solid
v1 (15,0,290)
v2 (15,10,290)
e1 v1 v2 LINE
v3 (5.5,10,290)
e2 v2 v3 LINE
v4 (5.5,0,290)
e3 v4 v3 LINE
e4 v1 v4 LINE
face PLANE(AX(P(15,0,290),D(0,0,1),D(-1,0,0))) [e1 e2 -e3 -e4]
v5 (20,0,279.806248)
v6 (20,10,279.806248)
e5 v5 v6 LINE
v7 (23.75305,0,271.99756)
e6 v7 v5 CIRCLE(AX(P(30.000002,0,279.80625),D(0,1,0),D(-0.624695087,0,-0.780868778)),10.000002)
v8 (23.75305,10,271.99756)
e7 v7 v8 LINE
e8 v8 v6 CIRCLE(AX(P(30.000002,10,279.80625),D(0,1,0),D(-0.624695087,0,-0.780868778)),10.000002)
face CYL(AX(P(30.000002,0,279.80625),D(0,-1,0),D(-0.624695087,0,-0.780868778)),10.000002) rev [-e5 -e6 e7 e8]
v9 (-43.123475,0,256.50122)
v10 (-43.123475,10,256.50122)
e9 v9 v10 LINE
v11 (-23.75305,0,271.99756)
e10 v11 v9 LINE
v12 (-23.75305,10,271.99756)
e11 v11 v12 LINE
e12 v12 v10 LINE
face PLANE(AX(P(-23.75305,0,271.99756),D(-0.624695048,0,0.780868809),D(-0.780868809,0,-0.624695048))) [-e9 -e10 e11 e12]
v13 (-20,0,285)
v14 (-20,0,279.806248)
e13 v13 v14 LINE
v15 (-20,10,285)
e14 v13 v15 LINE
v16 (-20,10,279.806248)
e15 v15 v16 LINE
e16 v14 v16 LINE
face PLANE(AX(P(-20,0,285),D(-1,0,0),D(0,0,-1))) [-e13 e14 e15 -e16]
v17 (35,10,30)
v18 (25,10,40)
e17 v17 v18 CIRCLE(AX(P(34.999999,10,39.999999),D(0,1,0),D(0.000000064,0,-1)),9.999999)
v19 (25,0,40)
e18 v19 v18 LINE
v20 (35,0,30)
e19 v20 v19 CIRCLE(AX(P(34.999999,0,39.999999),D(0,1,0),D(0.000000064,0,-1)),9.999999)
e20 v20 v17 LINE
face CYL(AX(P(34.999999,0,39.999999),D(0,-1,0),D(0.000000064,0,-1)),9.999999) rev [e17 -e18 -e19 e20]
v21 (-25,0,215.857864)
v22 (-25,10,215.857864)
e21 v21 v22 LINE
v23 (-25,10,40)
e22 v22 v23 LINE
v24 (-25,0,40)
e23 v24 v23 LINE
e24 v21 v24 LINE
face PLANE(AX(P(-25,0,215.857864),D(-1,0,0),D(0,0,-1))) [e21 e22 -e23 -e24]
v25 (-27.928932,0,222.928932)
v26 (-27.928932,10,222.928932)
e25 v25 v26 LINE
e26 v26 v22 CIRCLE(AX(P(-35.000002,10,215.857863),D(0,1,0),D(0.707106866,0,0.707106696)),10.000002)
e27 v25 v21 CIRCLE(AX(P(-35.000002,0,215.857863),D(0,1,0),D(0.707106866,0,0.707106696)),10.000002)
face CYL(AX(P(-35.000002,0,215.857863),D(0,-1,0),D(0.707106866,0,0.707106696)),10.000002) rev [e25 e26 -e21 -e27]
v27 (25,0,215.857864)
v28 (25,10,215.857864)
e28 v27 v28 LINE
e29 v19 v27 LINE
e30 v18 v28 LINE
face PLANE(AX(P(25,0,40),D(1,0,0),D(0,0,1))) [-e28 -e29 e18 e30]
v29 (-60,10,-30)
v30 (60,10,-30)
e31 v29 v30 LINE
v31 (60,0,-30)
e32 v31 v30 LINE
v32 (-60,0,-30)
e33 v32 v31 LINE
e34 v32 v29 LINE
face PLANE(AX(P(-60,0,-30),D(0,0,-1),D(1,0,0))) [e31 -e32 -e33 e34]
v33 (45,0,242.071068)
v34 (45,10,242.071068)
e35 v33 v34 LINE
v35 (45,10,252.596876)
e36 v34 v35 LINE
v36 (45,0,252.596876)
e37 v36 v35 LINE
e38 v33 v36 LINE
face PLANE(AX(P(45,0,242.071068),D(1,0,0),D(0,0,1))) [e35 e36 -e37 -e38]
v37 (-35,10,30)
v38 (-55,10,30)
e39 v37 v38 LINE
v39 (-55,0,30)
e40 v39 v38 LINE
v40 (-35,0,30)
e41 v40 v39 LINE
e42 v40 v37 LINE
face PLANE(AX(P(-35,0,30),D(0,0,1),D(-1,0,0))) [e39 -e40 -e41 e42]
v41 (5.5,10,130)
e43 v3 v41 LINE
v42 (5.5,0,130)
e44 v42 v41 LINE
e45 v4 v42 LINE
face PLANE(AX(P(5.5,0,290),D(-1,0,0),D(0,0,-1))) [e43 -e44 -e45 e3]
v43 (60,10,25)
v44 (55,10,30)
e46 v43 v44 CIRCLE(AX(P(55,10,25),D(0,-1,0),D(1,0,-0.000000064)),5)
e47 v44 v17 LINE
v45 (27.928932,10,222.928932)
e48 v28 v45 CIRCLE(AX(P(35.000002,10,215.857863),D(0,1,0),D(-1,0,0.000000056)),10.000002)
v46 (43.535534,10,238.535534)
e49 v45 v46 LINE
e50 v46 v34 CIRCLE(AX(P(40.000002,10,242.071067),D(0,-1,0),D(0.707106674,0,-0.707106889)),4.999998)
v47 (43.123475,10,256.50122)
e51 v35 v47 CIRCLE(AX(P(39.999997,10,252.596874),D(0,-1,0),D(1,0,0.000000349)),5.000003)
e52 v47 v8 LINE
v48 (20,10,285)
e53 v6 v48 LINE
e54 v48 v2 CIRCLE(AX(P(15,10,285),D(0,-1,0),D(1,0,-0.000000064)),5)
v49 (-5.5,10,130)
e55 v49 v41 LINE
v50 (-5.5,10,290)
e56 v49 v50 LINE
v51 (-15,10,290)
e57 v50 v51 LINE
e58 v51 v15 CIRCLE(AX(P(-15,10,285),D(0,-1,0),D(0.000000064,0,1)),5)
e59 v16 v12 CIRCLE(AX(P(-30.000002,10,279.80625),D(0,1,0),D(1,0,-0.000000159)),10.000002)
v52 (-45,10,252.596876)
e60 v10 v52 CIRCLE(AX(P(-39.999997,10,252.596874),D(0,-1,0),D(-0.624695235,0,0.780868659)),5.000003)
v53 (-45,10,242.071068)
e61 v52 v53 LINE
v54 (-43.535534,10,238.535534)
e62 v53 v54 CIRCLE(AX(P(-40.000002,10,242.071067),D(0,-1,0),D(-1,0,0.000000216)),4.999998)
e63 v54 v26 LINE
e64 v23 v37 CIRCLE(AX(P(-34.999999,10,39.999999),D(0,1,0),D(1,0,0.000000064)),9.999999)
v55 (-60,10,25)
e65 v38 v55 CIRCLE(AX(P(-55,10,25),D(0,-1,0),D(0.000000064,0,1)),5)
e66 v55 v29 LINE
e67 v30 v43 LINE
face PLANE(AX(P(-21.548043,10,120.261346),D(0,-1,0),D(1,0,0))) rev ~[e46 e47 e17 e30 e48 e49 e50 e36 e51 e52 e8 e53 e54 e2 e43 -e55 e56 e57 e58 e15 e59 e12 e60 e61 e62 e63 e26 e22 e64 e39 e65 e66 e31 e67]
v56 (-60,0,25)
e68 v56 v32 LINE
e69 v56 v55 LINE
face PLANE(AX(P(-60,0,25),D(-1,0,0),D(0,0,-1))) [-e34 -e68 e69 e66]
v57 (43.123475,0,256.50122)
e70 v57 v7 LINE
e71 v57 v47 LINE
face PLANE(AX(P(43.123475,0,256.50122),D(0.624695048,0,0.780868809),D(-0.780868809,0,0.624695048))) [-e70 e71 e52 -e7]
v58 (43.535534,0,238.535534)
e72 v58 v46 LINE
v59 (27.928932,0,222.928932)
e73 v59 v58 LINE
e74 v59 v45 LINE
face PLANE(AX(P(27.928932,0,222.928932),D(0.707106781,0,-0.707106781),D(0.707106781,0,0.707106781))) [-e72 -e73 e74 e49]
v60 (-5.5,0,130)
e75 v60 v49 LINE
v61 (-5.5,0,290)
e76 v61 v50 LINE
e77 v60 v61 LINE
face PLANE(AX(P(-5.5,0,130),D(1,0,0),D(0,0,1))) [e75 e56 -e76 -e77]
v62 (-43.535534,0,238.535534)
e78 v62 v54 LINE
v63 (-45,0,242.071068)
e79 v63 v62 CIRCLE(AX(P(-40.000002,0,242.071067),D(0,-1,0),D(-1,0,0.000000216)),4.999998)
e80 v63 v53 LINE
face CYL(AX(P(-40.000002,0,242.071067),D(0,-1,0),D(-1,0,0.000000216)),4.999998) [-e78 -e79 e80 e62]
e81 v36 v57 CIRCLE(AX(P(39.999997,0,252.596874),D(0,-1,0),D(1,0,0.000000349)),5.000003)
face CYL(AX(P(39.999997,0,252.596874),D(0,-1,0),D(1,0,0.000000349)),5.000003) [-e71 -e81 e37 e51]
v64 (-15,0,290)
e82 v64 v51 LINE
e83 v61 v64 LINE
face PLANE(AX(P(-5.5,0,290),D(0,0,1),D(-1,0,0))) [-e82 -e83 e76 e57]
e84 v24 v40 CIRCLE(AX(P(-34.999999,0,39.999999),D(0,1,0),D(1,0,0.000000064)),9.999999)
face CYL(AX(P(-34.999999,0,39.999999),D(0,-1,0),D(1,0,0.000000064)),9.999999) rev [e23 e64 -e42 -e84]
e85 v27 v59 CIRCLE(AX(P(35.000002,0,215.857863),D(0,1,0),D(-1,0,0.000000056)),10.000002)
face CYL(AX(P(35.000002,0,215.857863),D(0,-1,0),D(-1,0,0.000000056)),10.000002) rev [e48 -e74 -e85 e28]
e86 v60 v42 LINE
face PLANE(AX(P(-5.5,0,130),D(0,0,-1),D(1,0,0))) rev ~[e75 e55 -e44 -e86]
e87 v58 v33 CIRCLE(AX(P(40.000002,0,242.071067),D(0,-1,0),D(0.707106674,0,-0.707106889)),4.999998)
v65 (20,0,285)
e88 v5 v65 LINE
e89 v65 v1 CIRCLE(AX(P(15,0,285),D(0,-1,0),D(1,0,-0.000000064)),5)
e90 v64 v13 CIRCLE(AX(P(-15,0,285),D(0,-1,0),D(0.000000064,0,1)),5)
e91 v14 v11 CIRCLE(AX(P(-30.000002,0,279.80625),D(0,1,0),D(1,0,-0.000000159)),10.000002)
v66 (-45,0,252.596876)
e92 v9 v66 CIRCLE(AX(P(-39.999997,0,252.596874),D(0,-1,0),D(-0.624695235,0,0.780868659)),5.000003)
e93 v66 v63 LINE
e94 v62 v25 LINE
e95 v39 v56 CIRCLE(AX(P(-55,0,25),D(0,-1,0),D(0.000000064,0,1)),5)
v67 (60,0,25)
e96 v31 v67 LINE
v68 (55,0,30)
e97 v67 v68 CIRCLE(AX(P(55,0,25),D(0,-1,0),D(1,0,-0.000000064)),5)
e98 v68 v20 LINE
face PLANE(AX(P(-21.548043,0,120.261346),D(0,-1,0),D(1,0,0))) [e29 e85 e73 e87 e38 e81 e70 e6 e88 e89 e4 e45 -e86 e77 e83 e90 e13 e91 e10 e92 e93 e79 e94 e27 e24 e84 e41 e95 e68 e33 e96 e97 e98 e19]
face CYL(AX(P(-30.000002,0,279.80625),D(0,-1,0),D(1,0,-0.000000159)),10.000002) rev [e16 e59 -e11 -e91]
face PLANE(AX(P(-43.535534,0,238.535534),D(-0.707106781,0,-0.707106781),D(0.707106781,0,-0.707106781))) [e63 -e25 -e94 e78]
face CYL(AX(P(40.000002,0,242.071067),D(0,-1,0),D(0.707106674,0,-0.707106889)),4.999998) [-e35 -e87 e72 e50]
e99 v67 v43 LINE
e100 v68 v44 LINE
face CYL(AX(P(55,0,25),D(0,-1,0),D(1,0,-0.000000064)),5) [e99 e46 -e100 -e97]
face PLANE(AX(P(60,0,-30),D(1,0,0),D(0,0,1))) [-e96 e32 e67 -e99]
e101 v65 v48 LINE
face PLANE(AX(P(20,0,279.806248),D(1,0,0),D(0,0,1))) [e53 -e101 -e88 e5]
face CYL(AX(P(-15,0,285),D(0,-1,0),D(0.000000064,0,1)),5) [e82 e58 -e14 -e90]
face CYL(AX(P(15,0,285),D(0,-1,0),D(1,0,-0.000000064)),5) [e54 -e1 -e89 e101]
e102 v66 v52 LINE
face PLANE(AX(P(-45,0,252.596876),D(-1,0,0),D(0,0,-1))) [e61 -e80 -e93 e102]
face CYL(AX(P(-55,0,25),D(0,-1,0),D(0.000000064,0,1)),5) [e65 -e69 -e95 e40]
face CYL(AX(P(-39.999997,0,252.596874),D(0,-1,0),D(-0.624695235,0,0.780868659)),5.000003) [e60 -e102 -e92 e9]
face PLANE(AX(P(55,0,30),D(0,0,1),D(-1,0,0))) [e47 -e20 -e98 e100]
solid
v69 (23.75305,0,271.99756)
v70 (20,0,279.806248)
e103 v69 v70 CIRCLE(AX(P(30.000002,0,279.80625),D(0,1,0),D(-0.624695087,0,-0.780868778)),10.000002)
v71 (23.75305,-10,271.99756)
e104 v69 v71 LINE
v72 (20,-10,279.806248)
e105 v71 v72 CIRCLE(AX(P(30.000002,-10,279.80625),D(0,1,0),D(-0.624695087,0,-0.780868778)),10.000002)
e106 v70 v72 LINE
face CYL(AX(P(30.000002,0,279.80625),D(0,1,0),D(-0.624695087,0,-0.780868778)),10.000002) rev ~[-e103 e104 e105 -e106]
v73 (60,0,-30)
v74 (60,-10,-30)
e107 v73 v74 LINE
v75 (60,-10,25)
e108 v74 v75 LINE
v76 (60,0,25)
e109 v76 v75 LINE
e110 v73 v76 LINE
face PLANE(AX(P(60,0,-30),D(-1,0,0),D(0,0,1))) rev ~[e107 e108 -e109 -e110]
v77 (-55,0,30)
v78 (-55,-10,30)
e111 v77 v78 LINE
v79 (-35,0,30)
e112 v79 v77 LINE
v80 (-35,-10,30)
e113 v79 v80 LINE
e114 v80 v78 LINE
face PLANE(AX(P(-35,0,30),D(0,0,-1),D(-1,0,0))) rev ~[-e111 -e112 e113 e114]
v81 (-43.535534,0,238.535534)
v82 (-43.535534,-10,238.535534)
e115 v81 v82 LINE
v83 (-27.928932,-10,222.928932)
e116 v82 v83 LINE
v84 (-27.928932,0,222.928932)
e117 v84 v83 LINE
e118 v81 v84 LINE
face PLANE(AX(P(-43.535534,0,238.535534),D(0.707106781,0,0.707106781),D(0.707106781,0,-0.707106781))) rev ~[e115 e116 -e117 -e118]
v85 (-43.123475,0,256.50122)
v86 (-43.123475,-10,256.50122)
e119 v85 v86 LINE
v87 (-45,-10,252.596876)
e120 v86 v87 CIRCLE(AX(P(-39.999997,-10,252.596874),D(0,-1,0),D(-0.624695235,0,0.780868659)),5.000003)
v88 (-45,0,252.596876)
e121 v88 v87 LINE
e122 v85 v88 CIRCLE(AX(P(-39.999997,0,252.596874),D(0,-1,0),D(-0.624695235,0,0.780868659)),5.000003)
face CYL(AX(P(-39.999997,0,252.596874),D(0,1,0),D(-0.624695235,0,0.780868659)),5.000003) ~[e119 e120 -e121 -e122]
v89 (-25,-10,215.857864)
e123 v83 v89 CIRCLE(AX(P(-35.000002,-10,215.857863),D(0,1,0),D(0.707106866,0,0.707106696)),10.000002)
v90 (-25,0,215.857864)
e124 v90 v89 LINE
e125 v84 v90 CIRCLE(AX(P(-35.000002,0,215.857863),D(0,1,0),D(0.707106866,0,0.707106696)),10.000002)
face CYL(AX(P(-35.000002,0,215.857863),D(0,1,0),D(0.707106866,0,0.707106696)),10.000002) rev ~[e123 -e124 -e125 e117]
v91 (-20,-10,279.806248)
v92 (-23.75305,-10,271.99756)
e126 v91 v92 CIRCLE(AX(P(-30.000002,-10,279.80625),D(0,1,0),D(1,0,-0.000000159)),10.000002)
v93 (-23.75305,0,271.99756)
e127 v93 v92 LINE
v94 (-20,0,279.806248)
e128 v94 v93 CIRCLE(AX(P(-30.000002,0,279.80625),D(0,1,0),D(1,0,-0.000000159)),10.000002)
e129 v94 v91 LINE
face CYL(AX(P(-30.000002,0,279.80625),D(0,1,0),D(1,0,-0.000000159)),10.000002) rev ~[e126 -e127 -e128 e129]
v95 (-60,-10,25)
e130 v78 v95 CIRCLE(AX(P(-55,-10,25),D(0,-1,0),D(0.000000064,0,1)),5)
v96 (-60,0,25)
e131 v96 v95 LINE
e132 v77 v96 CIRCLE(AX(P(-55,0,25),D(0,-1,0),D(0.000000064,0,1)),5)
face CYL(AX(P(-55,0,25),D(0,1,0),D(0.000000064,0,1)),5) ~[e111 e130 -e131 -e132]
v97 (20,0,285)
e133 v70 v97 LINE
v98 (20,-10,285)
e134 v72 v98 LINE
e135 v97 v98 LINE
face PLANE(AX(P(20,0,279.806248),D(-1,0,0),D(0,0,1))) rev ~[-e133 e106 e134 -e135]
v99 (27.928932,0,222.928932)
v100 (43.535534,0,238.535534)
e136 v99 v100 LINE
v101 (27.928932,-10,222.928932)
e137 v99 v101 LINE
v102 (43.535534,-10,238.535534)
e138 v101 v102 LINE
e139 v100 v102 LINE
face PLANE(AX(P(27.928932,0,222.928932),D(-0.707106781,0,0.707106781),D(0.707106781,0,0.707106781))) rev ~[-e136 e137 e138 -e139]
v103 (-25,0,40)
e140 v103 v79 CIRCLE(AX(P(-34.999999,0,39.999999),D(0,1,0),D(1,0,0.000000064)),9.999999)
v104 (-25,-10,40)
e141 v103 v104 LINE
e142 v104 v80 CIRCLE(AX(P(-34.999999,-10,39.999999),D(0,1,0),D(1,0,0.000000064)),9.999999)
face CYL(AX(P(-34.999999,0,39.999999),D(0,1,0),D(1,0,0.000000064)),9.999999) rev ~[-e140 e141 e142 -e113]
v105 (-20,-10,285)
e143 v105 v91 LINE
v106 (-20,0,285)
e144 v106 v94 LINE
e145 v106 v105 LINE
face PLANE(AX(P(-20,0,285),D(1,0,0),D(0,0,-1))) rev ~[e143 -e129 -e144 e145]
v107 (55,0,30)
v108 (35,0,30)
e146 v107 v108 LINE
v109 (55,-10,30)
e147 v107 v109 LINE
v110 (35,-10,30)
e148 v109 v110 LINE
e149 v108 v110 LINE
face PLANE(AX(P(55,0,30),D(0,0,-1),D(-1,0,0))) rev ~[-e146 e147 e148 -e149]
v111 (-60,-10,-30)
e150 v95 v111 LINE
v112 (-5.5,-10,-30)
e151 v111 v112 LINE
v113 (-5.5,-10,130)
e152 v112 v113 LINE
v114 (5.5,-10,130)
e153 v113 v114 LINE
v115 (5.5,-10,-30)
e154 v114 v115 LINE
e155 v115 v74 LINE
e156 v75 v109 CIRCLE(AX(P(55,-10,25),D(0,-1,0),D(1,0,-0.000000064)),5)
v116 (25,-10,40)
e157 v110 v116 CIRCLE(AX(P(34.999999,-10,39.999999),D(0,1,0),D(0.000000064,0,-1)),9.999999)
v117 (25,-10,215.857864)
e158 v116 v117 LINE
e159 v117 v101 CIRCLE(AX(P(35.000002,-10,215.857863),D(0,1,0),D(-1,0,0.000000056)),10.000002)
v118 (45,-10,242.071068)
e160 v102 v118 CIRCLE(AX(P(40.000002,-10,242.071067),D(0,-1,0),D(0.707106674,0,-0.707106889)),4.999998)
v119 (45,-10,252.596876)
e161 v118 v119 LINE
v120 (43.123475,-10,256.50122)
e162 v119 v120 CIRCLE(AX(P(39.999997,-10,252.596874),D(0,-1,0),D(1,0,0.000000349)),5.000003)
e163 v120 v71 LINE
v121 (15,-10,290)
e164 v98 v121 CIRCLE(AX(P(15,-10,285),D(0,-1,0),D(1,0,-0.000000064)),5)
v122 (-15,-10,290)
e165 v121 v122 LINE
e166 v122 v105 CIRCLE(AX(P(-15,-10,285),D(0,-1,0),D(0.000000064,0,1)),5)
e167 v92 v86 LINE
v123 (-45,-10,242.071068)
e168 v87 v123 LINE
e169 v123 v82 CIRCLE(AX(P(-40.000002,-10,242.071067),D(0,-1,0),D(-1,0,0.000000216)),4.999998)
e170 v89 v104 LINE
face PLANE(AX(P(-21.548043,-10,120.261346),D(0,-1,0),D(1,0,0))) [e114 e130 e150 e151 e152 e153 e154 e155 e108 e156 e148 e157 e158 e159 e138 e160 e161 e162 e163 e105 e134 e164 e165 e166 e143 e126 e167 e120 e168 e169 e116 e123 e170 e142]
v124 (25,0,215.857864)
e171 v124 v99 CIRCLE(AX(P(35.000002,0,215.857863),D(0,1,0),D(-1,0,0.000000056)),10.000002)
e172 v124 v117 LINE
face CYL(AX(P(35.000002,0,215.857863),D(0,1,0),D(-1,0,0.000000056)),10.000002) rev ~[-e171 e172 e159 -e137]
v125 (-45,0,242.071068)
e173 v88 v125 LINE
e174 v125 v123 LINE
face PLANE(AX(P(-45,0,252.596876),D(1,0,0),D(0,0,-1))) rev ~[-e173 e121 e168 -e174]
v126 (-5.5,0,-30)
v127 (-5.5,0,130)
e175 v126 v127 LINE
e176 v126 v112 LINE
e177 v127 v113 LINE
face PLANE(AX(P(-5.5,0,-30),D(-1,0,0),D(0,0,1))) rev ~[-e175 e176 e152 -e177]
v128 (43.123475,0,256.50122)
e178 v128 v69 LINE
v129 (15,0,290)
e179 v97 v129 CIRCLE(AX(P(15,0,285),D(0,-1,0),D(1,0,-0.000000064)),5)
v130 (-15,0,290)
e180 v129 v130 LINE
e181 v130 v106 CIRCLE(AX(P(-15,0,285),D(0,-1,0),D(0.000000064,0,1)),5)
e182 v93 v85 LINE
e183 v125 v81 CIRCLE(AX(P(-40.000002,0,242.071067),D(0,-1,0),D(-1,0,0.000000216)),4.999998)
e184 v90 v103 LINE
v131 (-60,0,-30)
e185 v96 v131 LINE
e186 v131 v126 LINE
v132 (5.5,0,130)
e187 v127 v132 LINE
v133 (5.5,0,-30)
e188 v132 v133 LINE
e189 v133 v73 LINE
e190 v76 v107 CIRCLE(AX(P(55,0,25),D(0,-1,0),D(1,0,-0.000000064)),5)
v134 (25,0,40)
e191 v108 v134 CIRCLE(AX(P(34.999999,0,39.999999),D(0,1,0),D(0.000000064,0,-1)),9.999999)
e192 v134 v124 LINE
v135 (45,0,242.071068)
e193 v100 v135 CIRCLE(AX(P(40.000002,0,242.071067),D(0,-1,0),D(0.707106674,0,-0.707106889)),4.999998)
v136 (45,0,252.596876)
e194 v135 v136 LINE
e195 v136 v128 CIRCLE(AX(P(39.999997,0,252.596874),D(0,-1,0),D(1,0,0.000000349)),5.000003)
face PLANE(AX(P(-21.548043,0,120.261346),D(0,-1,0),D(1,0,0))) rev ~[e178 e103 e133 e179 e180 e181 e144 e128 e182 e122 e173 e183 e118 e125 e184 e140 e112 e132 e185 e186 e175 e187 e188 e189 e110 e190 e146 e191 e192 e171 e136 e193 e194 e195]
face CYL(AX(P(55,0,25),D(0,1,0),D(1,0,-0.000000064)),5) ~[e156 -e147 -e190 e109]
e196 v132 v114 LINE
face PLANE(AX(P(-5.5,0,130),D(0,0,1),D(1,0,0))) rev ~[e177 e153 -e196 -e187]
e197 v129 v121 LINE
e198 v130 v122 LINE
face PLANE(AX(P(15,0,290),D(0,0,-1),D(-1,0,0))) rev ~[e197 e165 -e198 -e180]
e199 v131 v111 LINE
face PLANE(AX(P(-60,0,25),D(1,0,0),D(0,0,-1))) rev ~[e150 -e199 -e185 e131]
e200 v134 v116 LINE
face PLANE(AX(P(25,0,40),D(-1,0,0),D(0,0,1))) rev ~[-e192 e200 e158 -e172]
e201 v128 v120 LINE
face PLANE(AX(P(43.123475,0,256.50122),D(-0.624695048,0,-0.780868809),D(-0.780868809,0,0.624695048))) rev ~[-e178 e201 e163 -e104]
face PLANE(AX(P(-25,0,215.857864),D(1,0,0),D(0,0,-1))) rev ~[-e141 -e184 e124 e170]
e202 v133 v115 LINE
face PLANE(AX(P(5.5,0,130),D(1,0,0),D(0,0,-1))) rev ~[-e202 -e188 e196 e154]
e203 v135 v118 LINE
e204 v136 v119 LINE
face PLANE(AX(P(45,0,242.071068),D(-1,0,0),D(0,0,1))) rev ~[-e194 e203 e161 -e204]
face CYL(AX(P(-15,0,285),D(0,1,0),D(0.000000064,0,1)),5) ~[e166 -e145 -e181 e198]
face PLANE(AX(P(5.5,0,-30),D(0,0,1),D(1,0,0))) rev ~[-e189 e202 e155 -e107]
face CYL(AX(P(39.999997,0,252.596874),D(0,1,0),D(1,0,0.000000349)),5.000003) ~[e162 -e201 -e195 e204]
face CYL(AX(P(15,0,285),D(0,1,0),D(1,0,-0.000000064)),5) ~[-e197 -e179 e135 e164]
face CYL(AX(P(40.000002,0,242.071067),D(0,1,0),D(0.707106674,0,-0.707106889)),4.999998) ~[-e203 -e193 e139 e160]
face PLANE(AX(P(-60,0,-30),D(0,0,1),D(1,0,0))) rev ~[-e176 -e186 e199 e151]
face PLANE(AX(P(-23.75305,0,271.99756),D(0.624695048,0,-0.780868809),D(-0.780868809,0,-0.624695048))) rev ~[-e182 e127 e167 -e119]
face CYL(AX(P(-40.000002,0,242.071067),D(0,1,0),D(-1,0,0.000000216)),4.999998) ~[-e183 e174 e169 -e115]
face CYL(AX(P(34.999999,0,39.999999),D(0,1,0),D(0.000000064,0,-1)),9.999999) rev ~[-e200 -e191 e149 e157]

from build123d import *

# Parameters (mm, degrees)
F0_W     = 11
F0_H     = 160
F1_DEPTH = 10
F2_DEPTH = 10


with BuildPart() as f1:
    # F0 (on Front) → F1 (new body)
    with BuildSketch(Plane.XZ):
        with BuildLine():
            Line((-60, -30), (-5.5, -30))
            Line((-5.5, -30), (-5.5, 130))
            Line((-5.5, 130), (-5.5, 290))
            Line((-5.5, 290), (-15, 290))
            ThreePointArc((-15, 290), (-18.535534, 288.535534), (-20, 285))
            Line((-20, 285), (-20, 279.806248))
            ThreePointArc((-20, 279.806248), (-20.986968, 275.474361), (-23.75305, 271.99756))
            Line((-23.75305, 271.99756), (-43.123475, 256.50122))
            ThreePointArc((-43.123475, 256.50122), (-44.506516, 254.762819), (-45, 252.596876))
            Line((-45, 252.596876), (-45, 242.071068))
            ThreePointArc((-45, 242.071068), (-44.619398, 240.157651), (-43.535534, 238.535534))
            Line((-43.535534, 238.535534), (-27.928932, 222.928932))
            ThreePointArc((-27.928932, 222.928932), (-25.761205, 219.684699), (-25, 215.857864))
            Line((-25, 215.857864), (-25, 40))
            ThreePointArc((-25, 40), (-27.928932, 32.928932), (-35, 30))
            Line((-35, 30), (-55, 30))
            ThreePointArc((-55, 30), (-58.535534, 28.535534), (-60, 25))
            Line((-60, 25), (-60, -30))
        make_face()
        with BuildLine():
            ThreePointArc((60, 25), (58.535534, 28.535534), (55, 30))
            Line((55, 30), (35, 30))
            ThreePointArc((35, 30), (27.928932, 32.928932), (25, 40))
            Line((25, 40), (25, 215.857864))
            ThreePointArc((25, 215.857864), (25.761205, 219.684699), (27.928932, 222.928932))
            Line((27.928932, 222.928932), (43.535534, 238.535534))
            ThreePointArc((43.535534, 238.535534), (44.619398, 240.157651), (45, 242.071068))
            Line((45, 242.071068), (45, 252.596876))
            ThreePointArc((45, 252.596876), (44.506516, 254.762819), (43.123475, 256.50122))
            Line((43.123475, 256.50122), (23.75305, 271.99756))
            ThreePointArc((23.75305, 271.99756), (20.986968, 275.474361), (20, 279.806248))
            Line((20, 279.806248), (20, 285))
            ThreePointArc((20, 285), (18.535534, 288.535534), (15, 290))
            Line((15, 290), (5.5, 290))
            Line((5.5, 290), (5.5, 130))
            Line((5.5, 130), (5.5, -30))
            Line((5.5, -30), (60, -30))
            Line((60, -30), (60, 25))
        make_face()
        with Locations((0, 210)):
            Rectangle(F0_W, F0_H)
    extrude(amount=F1_DEPTH)


with BuildPart() as f2:
    # F0 (on Front) → F2 (new body)
    with BuildSketch(Plane.XZ):
        with BuildLine():
            Line((-60, -30), (-5.5, -30))
            Line((-5.5, -30), (-5.5, 130))
            Line((-5.5, 130), (-5.5, 290))
            Line((-5.5, 290), (-15, 290))
            ThreePointArc((-15, 290), (-18.535534, 288.535534), (-20, 285))
            Line((-20, 285), (-20, 279.806248))
            ThreePointArc((-20, 279.806248), (-20.986968, 275.474361), (-23.75305, 271.99756))
            Line((-23.75305, 271.99756), (-43.123475, 256.50122))
            ThreePointArc((-43.123475, 256.50122), (-44.506516, 254.762819), (-45, 252.596876))
            Line((-45, 252.596876), (-45, 242.071068))
            ThreePointArc((-45, 242.071068), (-44.619398, 240.157651), (-43.535534, 238.535534))
            Line((-43.535534, 238.535534), (-27.928932, 222.928932))
            ThreePointArc((-27.928932, 222.928932), (-25.761205, 219.684699), (-25, 215.857864))
            Line((-25, 215.857864), (-25, 40))
            ThreePointArc((-25, 40), (-27.928932, 32.928932), (-35, 30))
            Line((-35, 30), (-55, 30))
            ThreePointArc((-55, 30), (-58.535534, 28.535534), (-60, 25))
            Line((-60, 25), (-60, -30))
        make_face()
        with BuildLine():
            ThreePointArc((60, 25), (58.535534, 28.535534), (55, 30))
            Line((55, 30), (35, 30))
            ThreePointArc((35, 30), (27.928932, 32.928932), (25, 40))
            Line((25, 40), (25, 215.857864))
            ThreePointArc((25, 215.857864), (25.761205, 219.684699), (27.928932, 222.928932))
            Line((27.928932, 222.928932), (43.535534, 238.535534))
            ThreePointArc((43.535534, 238.535534), (44.619398, 240.157651), (45, 242.071068))
            Line((45, 242.071068), (45, 252.596876))
            ThreePointArc((45, 252.596876), (44.506516, 254.762819), (43.123475, 256.50122))
            Line((43.123475, 256.50122), (23.75305, 271.99756))
            ThreePointArc((23.75305, 271.99756), (20.986968, 275.474361), (20, 279.806248))
            Line((20, 279.806248), (20, 285))
            ThreePointArc((20, 285), (18.535534, 288.535534), (15, 290))
            Line((15, 290), (5.5, 290))
            Line((5.5, 290), (5.5, 130))
            Line((5.5, 130), (5.5, -30))
            Line((5.5, -30), (60, -30))
            Line((60, -30), (60, 25))
        make_face()
        with Locations((0, 50)):
            Rectangle(F0_W, F0_H)
    extrude(amount=-F2_DEPTH)


solid = Compound([f1.part, f2.part])
